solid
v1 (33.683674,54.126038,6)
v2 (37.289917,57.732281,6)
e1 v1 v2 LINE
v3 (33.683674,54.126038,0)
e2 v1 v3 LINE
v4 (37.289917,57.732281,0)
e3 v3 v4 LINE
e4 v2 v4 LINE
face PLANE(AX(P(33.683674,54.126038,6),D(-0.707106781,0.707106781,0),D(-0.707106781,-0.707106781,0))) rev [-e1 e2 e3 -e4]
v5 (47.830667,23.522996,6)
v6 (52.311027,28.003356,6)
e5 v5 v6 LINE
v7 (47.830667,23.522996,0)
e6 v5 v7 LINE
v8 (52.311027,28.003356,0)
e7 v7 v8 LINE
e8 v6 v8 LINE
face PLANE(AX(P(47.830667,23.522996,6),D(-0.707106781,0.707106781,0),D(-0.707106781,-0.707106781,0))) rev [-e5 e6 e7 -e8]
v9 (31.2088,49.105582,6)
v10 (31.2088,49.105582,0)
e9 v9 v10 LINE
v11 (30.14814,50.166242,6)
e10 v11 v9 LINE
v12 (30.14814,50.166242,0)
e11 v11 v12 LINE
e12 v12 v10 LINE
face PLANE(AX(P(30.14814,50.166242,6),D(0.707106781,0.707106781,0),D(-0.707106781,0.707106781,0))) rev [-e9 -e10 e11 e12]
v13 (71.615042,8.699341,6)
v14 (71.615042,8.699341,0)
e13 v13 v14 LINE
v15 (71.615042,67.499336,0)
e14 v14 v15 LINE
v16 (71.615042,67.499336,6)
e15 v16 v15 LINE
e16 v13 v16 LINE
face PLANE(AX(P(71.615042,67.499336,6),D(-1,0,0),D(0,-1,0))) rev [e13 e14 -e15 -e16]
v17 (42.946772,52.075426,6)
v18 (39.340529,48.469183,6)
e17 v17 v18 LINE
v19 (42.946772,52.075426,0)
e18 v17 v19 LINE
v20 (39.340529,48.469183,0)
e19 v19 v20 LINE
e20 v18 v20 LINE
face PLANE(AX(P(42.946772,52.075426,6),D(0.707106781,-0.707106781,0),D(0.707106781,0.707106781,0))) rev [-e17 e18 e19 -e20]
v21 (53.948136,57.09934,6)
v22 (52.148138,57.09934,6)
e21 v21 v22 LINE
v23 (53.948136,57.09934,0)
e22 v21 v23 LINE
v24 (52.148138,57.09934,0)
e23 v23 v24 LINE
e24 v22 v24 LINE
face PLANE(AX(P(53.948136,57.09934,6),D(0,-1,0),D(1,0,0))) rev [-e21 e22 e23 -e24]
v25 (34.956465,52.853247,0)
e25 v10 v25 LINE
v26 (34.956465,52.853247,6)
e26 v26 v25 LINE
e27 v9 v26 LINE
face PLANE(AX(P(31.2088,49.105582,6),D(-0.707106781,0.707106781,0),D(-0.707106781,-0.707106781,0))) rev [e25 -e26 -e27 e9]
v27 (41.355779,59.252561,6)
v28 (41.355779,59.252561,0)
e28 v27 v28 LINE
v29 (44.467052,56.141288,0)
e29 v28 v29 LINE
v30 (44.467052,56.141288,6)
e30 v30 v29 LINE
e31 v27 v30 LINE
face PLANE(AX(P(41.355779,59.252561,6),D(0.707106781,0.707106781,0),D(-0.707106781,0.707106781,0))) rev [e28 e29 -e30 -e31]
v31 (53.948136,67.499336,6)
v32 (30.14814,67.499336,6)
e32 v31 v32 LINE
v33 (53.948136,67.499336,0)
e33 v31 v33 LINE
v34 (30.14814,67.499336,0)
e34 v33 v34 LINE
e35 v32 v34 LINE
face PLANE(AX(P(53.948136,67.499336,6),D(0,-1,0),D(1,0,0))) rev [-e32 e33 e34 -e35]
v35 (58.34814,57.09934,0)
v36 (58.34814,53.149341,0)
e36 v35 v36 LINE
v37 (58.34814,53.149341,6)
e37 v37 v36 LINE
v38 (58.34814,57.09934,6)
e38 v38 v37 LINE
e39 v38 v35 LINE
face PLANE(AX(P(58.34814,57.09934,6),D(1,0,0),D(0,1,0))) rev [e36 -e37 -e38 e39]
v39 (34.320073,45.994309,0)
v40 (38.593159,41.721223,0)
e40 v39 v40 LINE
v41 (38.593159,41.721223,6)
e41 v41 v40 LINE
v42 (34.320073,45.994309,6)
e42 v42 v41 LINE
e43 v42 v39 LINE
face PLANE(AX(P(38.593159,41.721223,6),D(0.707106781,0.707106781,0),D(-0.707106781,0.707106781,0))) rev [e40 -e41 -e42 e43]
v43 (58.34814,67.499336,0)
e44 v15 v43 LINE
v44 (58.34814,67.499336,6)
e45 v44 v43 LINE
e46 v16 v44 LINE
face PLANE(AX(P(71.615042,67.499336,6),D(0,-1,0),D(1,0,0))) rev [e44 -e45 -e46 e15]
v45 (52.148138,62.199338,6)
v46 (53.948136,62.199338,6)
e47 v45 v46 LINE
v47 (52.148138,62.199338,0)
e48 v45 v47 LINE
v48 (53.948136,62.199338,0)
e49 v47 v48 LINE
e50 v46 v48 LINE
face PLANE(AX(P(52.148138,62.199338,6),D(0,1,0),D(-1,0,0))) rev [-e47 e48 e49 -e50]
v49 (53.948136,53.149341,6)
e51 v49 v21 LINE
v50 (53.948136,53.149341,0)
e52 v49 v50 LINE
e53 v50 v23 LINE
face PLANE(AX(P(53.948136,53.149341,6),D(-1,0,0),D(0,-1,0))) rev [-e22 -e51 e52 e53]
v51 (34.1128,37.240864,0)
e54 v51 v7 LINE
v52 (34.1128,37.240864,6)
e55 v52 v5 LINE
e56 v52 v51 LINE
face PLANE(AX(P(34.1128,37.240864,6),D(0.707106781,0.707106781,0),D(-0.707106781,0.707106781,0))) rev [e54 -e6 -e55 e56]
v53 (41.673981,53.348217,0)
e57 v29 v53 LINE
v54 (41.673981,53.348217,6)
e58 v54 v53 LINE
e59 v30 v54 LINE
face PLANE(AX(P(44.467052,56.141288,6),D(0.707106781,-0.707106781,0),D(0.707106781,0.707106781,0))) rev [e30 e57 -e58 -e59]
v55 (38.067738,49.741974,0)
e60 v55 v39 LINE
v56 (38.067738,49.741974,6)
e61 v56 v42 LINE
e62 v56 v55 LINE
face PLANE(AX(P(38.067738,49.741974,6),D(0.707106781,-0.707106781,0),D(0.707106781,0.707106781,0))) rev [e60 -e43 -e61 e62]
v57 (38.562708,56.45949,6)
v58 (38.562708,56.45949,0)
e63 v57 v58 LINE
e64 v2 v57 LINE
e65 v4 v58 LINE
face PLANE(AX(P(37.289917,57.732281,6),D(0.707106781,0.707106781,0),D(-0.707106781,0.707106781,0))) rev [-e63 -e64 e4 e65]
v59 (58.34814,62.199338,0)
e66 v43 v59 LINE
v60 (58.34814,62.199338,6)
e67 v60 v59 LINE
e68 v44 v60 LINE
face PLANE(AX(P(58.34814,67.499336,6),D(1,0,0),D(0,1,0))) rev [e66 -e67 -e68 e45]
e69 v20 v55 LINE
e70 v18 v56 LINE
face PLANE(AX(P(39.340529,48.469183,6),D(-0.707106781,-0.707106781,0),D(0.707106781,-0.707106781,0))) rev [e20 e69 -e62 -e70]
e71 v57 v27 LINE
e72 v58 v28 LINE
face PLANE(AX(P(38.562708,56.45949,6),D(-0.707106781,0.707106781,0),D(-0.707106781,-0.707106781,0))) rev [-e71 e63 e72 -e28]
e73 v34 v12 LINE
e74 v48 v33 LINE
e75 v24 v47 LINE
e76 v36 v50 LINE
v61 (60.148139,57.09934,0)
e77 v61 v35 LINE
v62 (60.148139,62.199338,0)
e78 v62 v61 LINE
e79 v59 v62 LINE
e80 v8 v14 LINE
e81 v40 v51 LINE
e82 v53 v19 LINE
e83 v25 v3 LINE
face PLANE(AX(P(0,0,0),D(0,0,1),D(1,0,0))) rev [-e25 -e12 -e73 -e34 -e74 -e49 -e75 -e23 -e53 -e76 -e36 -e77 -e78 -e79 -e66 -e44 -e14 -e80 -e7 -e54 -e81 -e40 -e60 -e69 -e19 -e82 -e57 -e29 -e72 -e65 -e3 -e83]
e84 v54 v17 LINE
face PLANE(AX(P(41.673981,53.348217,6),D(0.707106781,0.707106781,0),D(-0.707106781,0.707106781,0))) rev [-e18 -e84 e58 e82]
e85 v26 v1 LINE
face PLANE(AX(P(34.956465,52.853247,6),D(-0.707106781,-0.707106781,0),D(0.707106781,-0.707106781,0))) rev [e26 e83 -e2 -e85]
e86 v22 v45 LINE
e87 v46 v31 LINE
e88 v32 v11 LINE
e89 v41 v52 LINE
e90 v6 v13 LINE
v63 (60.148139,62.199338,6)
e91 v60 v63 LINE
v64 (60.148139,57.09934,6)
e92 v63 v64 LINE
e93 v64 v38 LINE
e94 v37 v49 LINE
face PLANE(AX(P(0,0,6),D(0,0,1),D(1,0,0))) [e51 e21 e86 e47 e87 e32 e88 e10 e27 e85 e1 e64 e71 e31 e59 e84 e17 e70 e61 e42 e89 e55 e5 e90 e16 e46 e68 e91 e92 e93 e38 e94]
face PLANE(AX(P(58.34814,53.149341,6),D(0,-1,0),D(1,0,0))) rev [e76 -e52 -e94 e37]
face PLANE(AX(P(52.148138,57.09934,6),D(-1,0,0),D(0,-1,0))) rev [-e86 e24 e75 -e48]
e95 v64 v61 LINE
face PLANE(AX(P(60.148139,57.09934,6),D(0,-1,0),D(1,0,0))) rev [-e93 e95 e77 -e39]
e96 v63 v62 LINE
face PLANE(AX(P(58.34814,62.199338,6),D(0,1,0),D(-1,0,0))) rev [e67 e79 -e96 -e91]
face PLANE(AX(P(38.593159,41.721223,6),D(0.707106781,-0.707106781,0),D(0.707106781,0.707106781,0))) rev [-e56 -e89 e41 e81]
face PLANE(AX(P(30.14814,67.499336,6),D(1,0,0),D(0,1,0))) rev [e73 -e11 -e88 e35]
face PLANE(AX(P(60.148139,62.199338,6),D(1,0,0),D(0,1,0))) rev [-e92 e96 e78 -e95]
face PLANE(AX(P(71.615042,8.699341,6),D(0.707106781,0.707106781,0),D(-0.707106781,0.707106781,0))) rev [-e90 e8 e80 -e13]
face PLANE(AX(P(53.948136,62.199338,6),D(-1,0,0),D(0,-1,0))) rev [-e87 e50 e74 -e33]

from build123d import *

# Parameters (mm, degrees)
RESSALTO_EXTRUS_O1_DEPTH = 6


with BuildPart() as part:
    # Model → Ressalto-extrusão1 (new body)
    with BuildSketch(Plane.XY):
        Polygon((38.562707977, 56.459489718), (41.355779414, 59.252561154), (44.467052306, 56.141288263), (41.673980869, 53.348216826), (42.946771723, 52.075425972), (39.340529008, 48.469183257), (38.067738154, 49.741974111), (34.320073347, 45.994309304), (38.593159239, 41.721223412), (34.112799553, 37.240863725), (47.830667067, 23.522996211), (52.311026753, 28.003355898), (71.615041807, 8.699340844), (71.615041807, 67.49933614), (58.348140448, 67.49933614), (58.348140448, 62.199337742), (60.148138536, 62.199337742), (60.148138536, 57.099340386), (58.348140448, 57.099340386), (58.348140448, 53.149340879), (53.948136128, 53.149340879), (53.948136128, 57.099340386), (52.148138041, 57.099340386), (52.148138041, 62.199337742), (53.948136128, 62.199337742), (53.948136128, 67.49933614), (30.148140368, 67.49933614), (30.148140368, 50.166242282), (31.208800455, 49.105582195), (34.956465263, 52.853247003), (33.683674409, 54.126037857), (37.289917123, 57.732280572), align=None)
    extrude(amount=RESSALTO_EXTRUS_O1_DEPTH)


solid = part.part
